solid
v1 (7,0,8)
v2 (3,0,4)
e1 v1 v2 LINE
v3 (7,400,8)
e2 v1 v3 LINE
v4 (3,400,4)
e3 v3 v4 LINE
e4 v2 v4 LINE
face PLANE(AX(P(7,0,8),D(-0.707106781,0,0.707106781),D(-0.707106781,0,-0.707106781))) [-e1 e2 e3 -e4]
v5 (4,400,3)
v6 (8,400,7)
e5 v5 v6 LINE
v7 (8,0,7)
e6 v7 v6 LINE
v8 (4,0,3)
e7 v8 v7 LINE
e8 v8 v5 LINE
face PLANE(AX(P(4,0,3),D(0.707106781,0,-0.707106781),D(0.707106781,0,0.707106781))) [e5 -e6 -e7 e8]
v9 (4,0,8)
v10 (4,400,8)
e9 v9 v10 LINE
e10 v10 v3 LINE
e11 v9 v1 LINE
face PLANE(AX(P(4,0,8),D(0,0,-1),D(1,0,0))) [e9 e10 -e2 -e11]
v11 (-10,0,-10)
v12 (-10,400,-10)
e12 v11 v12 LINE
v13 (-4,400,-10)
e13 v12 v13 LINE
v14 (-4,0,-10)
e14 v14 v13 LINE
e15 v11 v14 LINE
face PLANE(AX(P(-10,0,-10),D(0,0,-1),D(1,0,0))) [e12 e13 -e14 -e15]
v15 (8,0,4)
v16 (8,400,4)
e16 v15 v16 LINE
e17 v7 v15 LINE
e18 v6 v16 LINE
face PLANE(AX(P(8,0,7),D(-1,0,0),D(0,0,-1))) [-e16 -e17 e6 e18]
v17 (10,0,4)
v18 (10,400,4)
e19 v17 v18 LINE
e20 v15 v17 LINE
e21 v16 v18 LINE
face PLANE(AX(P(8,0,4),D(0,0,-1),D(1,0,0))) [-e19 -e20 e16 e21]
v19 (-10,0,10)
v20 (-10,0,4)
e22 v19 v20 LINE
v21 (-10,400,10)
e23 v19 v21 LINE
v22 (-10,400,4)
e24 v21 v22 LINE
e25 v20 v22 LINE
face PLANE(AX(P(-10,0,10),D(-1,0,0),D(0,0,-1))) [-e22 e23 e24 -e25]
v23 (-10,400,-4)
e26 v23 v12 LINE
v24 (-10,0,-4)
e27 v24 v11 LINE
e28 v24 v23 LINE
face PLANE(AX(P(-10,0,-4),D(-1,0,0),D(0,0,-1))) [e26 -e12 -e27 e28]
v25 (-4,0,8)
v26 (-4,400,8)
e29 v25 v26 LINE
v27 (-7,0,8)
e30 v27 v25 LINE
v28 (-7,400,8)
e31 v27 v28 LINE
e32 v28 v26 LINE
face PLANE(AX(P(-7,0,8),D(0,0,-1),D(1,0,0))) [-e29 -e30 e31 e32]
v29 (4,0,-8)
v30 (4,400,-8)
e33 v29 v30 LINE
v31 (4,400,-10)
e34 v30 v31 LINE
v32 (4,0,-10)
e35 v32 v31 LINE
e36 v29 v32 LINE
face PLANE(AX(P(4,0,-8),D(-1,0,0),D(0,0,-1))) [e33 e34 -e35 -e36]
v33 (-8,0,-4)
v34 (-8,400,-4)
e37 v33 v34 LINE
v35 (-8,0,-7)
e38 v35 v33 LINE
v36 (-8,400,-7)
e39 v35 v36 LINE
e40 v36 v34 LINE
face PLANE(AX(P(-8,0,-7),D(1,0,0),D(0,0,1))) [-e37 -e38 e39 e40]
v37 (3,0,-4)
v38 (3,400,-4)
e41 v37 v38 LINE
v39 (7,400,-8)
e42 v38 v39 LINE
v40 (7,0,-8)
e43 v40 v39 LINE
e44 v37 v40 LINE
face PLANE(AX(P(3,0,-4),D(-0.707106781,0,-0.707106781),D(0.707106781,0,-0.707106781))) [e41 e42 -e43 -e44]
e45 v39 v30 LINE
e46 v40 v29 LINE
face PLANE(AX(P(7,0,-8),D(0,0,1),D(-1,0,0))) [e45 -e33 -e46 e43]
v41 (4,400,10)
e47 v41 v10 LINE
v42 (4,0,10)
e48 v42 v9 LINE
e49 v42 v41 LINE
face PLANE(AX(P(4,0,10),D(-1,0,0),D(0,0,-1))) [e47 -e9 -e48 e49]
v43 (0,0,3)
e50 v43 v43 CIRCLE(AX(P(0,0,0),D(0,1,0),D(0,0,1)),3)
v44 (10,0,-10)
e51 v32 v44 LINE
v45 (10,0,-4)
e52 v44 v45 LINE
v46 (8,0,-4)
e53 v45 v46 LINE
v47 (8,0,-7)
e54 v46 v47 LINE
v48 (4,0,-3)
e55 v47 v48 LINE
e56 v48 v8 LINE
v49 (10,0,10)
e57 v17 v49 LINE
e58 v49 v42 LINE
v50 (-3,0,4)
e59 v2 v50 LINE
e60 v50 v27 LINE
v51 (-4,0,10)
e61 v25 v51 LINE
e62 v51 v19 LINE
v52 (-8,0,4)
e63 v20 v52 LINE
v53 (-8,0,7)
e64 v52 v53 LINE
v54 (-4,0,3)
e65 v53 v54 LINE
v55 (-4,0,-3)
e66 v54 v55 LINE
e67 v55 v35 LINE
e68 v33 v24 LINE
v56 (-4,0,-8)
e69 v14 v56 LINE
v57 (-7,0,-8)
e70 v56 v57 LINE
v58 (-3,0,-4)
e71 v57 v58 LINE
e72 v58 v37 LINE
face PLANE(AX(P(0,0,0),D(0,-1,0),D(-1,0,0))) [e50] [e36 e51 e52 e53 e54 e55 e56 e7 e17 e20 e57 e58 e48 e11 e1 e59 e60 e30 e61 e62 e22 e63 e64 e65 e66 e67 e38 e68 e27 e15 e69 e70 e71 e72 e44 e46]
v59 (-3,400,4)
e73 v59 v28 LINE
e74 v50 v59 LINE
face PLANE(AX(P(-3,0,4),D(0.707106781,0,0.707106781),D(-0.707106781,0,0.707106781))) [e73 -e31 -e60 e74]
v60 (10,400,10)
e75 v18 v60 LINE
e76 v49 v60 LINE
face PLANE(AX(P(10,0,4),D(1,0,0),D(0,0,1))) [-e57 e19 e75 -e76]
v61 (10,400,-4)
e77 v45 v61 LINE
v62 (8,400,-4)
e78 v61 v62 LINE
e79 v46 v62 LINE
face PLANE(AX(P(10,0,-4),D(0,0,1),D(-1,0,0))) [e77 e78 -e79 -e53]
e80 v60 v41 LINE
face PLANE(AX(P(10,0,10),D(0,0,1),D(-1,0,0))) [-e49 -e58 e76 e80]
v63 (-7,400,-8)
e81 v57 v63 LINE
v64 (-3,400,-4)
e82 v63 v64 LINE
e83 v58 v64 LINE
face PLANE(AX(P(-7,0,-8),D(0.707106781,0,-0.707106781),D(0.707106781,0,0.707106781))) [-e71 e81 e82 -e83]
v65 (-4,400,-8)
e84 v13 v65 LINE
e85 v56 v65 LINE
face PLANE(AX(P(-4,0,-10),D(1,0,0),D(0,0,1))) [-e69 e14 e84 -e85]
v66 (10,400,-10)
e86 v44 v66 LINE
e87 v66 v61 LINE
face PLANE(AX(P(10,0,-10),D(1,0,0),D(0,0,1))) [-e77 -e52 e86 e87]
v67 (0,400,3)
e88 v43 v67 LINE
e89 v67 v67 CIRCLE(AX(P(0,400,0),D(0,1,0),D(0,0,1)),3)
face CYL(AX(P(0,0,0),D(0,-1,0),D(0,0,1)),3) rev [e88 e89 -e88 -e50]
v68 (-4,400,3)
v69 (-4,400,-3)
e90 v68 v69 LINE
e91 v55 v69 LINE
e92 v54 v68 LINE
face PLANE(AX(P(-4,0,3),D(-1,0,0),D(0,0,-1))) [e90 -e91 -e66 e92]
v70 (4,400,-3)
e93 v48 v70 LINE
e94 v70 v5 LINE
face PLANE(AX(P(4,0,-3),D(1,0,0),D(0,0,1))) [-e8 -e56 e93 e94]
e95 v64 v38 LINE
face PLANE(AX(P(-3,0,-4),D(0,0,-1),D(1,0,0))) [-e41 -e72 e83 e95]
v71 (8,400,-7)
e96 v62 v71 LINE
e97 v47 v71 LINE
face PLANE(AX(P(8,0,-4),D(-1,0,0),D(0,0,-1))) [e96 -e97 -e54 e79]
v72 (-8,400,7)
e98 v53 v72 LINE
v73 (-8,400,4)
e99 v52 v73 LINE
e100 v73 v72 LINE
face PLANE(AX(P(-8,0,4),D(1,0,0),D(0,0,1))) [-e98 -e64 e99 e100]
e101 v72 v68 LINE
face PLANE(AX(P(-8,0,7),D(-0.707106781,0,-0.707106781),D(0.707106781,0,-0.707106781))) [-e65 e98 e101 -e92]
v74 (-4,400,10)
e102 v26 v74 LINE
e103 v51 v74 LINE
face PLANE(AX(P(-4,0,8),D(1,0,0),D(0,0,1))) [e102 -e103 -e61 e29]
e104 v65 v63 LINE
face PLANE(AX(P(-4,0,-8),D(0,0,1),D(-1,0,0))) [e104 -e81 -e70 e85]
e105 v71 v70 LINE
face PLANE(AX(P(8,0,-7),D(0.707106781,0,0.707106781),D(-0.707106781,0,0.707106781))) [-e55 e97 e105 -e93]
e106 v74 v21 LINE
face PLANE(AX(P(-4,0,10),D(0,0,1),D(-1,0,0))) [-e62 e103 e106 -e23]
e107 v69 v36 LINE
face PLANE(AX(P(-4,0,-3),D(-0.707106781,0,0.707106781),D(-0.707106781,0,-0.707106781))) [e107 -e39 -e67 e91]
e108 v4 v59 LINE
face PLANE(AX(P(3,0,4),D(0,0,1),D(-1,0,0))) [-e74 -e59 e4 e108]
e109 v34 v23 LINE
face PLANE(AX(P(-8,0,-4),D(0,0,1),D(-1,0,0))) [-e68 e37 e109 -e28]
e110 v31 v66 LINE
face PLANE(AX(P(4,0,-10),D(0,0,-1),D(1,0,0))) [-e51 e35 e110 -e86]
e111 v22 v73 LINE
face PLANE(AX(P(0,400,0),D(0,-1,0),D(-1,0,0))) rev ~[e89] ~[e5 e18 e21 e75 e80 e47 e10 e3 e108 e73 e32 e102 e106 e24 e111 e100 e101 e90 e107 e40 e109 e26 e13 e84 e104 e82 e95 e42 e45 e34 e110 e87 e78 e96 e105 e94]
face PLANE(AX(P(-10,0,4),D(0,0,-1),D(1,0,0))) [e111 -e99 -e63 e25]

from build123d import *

# Parameters (mm, degrees)
F_2020_SKETCH_R     = 3
BOSS_EXTRUDE1_DEPTH = 400


with BuildPart() as part:
    # 2020 sketch → Boss-Extrude1 (new body)
    with BuildSketch(Plane(origin=(0, 0, 0), x_dir=(1, 0, 0), z_dir=(0, 1, 0))):
        Polygon((-4, 10), (-4, 8), (-7, 8), (-3, 4), (3, 4), (7, 8), (4, 8), (4, 10), (10, 10), (10, 4), (8, 4), (8, 7), (4, 3), (4, -3), (8, -7), (8, -4), (10, -4), (10, -10), (4, -10), (4, -8), (7, -8), (3, -4), (-3, -4), (-7, -8), (-4, -8), (-4, -10), (-10, -10), (-10, -4), (-8, -4), (-8, -7), (-4, -3), (-4, 3), (-8, 7), (-8, 4), (-10, 4), (-10, 10), align=None)
        with Locations(Location((0, 0, 0), (0, 0, 270))):
            Circle(F_2020_SKETCH_R, mode=Mode.SUBTRACT)
    extrude(amount=BOSS_EXTRUDE1_DEPTH)


solid = part.part
